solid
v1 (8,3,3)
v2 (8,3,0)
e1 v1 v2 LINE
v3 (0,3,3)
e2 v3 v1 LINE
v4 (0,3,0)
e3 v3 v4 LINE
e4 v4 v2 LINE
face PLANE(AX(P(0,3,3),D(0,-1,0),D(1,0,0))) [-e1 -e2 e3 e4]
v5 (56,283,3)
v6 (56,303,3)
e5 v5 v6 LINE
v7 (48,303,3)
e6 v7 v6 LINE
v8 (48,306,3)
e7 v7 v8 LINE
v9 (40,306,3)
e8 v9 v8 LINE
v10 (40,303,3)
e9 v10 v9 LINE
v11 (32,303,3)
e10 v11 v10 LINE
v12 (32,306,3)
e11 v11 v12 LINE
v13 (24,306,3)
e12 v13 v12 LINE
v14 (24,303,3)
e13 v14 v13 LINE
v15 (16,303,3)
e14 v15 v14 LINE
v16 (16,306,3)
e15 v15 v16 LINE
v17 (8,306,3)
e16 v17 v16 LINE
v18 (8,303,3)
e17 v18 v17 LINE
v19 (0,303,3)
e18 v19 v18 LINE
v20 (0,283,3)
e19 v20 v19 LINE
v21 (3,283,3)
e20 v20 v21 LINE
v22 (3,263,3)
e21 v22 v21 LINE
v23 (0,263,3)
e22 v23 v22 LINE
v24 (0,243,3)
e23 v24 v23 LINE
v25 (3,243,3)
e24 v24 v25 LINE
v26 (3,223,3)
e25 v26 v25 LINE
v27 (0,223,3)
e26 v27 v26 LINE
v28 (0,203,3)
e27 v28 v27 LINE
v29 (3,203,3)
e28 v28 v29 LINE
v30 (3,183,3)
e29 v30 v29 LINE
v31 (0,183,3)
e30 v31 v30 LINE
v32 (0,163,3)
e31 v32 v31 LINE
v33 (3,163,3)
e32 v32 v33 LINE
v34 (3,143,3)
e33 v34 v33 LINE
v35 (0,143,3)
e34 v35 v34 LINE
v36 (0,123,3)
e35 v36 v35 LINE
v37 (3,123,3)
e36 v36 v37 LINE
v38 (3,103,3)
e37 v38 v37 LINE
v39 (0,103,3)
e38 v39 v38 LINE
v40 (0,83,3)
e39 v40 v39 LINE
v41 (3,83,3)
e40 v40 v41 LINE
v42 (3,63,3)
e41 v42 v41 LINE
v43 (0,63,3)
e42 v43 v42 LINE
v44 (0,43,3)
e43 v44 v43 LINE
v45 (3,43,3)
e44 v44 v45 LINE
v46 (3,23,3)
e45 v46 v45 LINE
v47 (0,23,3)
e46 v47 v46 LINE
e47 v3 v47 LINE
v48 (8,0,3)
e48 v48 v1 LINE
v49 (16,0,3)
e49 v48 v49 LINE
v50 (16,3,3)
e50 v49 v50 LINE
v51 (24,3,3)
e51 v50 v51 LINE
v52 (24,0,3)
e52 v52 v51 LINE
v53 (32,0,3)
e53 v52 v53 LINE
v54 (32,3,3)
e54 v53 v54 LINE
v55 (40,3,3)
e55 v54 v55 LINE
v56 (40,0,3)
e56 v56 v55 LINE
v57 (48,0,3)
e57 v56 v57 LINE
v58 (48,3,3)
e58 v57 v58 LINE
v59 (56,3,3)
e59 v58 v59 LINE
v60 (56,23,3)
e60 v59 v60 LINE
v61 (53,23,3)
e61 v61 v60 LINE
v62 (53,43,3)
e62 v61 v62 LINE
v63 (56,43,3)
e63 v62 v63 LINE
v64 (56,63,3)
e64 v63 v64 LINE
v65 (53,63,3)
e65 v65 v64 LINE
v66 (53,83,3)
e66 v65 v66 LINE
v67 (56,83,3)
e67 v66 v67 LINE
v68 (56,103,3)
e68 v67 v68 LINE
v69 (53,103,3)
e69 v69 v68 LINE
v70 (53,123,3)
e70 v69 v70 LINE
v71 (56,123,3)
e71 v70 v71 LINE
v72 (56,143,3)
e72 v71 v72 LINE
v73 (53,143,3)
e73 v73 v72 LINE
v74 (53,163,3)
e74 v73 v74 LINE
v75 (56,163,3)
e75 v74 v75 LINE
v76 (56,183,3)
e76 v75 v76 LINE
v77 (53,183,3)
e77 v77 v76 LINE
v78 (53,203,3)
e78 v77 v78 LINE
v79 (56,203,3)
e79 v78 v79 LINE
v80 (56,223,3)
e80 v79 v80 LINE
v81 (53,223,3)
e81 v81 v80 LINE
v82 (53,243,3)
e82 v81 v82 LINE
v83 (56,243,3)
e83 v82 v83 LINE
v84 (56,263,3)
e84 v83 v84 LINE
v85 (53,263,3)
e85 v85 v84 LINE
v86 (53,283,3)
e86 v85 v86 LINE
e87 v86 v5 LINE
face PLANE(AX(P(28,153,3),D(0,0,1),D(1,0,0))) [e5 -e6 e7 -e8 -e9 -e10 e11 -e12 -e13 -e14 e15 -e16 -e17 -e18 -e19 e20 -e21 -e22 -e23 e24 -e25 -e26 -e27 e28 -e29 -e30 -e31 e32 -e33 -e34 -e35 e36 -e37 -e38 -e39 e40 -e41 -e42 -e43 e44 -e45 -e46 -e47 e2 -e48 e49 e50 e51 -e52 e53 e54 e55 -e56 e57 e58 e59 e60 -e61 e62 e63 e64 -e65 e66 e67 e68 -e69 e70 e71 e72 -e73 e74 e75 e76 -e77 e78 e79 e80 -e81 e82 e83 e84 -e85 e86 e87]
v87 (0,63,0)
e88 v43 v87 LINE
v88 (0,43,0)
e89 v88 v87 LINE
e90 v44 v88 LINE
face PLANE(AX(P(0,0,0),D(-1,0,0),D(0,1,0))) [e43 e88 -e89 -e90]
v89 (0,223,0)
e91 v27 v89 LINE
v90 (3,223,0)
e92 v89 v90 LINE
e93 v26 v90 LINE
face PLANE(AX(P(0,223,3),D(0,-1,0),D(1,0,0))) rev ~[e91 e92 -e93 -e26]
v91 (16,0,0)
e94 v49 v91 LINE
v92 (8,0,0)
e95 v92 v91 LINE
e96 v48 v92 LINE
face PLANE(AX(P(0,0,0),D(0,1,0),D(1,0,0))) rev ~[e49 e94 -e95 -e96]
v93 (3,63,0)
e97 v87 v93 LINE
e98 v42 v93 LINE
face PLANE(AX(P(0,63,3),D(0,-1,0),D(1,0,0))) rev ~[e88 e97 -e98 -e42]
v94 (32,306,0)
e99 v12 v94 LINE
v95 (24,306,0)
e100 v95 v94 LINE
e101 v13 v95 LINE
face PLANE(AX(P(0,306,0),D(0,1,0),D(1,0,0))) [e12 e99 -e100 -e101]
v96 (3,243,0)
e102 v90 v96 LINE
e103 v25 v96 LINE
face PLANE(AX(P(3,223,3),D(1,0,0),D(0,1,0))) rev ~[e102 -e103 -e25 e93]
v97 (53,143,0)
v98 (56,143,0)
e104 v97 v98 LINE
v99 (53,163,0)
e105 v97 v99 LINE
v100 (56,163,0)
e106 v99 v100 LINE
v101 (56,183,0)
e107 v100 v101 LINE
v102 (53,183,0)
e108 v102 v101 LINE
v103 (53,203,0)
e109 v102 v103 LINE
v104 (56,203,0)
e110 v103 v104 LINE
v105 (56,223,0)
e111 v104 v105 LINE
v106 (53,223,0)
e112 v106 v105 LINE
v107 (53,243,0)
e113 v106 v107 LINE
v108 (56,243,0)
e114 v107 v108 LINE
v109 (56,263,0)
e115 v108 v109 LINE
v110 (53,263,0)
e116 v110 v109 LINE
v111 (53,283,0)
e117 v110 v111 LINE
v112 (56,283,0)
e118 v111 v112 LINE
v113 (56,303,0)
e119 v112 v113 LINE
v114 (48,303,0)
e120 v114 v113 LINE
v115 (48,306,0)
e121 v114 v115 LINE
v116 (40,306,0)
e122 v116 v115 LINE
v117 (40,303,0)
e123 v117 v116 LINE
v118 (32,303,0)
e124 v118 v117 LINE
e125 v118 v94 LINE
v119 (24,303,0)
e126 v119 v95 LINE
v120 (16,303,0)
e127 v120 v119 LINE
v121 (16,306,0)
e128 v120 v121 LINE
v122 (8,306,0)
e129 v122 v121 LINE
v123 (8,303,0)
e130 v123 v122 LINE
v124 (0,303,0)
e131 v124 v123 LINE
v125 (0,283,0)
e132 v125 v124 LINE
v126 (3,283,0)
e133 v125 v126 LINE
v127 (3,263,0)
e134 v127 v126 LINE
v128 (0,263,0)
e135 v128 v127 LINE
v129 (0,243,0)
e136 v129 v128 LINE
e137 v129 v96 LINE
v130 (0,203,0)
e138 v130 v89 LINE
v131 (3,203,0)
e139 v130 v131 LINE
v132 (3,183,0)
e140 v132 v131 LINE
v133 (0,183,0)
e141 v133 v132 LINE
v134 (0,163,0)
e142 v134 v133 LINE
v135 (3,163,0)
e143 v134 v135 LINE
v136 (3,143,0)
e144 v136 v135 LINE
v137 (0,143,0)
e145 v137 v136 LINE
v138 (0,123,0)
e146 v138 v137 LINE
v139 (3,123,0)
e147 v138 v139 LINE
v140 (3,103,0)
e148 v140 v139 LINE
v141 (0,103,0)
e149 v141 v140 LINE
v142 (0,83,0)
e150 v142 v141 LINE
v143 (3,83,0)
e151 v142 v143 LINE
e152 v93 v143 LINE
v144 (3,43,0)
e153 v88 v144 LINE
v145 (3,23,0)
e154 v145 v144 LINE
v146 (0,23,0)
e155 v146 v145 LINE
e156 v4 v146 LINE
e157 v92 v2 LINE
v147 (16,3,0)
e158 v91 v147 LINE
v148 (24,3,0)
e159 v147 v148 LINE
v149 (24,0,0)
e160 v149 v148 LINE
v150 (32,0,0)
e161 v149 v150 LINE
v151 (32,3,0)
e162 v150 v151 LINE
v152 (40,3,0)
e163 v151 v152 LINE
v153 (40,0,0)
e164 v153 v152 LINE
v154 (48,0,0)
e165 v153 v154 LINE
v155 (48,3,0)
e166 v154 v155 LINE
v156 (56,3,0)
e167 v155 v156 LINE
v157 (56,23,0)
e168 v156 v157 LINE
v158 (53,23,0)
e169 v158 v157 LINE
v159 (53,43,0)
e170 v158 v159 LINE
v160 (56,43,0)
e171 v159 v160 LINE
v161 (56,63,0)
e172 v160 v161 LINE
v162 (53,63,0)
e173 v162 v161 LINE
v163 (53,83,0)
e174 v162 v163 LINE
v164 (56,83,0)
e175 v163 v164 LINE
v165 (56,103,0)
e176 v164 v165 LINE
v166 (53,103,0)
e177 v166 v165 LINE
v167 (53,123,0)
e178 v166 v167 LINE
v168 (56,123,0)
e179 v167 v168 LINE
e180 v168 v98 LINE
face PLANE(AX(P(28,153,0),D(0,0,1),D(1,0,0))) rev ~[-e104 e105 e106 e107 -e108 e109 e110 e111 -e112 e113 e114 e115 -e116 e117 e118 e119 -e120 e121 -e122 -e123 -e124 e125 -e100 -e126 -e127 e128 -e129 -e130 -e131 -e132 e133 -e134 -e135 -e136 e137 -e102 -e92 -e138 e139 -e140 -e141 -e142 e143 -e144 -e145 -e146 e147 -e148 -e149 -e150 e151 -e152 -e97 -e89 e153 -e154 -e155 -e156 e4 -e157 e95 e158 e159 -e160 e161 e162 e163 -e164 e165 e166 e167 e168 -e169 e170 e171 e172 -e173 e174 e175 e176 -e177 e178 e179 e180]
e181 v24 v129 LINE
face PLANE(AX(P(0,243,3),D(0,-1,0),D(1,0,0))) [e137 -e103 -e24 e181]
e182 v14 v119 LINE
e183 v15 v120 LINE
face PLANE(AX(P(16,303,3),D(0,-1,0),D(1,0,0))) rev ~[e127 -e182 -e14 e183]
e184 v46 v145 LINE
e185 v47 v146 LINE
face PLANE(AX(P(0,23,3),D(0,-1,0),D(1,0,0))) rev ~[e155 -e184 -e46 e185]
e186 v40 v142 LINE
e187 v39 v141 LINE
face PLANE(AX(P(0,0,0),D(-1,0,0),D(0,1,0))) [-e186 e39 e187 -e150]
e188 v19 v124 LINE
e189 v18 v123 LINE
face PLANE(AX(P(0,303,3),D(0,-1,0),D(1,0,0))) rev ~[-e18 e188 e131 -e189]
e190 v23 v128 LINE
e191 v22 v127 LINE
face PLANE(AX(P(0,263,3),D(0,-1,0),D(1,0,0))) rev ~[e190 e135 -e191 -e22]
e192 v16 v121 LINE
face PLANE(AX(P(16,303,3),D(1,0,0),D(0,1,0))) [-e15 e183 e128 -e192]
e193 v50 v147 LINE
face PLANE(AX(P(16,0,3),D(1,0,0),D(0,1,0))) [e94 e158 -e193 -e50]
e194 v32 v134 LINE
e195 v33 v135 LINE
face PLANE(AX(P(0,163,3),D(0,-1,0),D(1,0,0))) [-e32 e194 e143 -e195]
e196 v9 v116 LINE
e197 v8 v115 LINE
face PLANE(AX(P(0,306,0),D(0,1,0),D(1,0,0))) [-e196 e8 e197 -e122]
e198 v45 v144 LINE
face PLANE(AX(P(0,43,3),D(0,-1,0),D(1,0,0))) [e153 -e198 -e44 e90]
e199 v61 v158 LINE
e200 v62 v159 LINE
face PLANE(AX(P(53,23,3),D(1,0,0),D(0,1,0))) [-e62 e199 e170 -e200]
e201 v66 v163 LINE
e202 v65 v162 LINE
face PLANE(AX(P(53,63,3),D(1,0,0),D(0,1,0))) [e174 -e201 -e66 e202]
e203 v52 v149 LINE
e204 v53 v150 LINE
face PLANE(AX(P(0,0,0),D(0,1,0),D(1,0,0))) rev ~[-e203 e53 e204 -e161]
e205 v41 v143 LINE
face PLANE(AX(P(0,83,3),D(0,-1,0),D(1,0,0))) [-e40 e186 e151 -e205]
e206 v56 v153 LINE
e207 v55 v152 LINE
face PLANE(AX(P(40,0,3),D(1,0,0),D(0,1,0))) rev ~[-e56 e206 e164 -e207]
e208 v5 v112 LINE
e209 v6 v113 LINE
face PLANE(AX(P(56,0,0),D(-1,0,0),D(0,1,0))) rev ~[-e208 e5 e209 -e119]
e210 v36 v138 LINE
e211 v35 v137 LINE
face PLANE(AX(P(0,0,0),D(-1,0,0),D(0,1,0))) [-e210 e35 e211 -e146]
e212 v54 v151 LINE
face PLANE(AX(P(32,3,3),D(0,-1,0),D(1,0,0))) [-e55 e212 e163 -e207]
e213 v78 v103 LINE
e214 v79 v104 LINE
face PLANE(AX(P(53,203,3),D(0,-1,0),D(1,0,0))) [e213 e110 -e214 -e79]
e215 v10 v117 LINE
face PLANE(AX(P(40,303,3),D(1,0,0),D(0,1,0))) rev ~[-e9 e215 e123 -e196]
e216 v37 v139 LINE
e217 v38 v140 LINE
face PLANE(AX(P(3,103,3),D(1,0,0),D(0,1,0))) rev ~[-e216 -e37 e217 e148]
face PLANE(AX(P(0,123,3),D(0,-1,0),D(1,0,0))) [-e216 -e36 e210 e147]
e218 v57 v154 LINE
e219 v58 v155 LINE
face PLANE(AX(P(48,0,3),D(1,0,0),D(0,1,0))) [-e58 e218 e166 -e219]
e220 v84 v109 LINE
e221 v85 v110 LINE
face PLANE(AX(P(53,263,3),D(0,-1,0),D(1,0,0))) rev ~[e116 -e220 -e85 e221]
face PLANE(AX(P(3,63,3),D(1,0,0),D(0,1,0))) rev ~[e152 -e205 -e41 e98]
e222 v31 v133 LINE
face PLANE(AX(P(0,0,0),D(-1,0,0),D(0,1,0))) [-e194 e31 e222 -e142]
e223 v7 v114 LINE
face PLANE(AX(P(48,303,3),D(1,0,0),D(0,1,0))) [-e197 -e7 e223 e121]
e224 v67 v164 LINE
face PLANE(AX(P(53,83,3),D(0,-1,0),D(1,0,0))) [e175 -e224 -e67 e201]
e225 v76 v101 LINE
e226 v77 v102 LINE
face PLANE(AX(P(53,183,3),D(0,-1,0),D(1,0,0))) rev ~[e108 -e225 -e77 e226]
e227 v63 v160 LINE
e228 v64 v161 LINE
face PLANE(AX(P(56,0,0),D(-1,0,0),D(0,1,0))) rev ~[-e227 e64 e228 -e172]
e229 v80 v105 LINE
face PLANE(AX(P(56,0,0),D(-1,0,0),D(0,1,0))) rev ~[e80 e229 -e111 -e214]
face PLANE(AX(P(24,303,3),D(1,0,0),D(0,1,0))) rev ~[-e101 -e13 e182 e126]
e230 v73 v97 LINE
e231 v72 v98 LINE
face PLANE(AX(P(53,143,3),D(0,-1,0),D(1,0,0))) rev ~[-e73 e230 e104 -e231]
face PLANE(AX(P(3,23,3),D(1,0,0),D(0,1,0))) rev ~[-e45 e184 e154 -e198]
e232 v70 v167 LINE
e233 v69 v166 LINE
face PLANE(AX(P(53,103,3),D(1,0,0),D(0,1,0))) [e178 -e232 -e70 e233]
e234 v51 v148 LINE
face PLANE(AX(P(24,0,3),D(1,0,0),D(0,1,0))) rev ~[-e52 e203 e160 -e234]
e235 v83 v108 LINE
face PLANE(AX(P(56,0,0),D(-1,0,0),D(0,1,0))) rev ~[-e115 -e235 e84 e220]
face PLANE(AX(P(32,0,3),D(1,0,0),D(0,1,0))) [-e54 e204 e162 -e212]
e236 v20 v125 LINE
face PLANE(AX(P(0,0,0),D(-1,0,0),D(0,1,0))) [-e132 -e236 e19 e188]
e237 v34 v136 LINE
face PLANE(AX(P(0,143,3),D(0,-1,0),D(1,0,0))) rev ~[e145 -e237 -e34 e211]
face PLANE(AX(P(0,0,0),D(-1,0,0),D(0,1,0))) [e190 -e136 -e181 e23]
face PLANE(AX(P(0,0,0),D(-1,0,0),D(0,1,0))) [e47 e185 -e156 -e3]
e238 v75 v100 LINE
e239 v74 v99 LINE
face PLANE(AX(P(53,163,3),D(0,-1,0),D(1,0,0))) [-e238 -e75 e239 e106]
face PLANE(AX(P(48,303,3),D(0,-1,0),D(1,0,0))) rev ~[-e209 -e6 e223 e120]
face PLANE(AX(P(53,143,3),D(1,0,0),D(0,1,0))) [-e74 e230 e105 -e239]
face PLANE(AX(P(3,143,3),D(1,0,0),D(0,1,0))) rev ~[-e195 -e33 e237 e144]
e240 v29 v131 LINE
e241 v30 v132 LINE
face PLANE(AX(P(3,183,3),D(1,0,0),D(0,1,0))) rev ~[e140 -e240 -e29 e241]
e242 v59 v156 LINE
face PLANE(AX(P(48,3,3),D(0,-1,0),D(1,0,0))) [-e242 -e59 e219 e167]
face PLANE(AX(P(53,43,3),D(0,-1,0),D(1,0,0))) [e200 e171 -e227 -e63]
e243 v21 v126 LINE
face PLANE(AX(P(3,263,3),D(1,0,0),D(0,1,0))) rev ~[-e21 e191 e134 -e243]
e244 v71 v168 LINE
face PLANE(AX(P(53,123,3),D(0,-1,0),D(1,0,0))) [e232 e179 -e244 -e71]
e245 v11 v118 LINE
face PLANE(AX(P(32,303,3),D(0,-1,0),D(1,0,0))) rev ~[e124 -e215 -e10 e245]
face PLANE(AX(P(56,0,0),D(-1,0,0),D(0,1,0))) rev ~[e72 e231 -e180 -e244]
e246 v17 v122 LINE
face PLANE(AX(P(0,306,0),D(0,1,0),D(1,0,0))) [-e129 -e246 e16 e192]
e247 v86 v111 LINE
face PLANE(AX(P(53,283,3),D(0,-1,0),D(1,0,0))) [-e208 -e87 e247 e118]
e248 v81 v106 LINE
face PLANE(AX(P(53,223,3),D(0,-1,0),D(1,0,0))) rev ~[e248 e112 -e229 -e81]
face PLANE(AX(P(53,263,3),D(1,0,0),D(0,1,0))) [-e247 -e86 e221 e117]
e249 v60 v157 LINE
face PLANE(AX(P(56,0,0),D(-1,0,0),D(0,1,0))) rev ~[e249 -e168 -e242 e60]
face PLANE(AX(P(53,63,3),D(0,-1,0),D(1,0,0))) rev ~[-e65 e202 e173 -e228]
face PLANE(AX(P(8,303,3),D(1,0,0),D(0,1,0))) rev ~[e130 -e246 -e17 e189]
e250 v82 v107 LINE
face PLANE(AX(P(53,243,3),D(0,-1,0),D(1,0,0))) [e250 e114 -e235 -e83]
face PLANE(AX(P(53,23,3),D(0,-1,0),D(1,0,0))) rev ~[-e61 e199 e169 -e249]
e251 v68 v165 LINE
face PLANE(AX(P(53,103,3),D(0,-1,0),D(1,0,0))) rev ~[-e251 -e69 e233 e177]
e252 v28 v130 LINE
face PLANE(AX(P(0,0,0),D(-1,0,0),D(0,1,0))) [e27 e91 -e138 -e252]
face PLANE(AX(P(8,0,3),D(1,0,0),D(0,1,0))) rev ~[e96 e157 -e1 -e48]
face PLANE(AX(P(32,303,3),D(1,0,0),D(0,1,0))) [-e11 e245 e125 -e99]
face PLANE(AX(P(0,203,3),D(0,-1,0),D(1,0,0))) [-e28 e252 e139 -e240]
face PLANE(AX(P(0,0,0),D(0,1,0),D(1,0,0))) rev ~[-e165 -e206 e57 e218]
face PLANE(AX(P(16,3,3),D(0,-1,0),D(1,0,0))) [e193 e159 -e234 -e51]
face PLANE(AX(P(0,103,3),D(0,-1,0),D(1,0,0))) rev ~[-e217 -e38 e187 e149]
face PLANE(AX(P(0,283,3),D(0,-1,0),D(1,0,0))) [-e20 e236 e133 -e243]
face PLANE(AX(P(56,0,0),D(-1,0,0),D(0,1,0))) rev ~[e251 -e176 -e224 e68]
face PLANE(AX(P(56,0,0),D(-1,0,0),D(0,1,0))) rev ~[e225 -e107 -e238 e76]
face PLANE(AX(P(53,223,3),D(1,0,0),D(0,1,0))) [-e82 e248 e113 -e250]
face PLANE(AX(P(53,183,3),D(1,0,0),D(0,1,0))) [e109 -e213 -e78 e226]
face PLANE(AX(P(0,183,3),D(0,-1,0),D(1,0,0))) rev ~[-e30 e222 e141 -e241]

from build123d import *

# Parameters (mm, degrees)
SKETCH_W      = 56
SKETCH_H      = 306
PAD_DEPTH     = 3
SKETCH001_W   = 8
SKETCH001_H   = 3
SKETCH001_W_2 = 3
SKETCH001_H_2 = 20
POCKET_DEPTH  = 3.001


with BuildPart() as part:
    # Sketch → Pad (new body)
    with BuildSketch(Plane.XY):
        with Locations((28, 153)):
            Rectangle(SKETCH_W, SKETCH_H)
    extrude(amount=PAD_DEPTH)

    # Sketch001 (on Face6 of Pad) → Pocket (cut, through all)
    with BuildSketch(Plane.XY.offset(3)):
        with Locations((4, 1.5)):
            Rectangle(SKETCH001_W, SKETCH001_H)
        with Locations((20, 1.5)):
            Rectangle(SKETCH001_W, SKETCH001_H)
        with Locations((36, 1.5)):
            Rectangle(SKETCH001_W, SKETCH001_H)
        with Locations((52, 1.5)):
            Rectangle(SKETCH001_W, SKETCH001_H)
        with Locations((4, 304.5)):
            Rectangle(SKETCH001_W, SKETCH001_H)
        with Locations((20, 304.5)):
            Rectangle(SKETCH001_W, SKETCH001_H)
        with Locations((36, 304.5)):
            Rectangle(SKETCH001_W, SKETCH001_H)
        with Locations((52, 304.5)):
            Rectangle(SKETCH001_W, SKETCH001_H)
        with Locations((1.5, 33)):
            Rectangle(SKETCH001_W_2, SKETCH001_H_2)
        with Locations((1.5, 73)):
            Rectangle(SKETCH001_W_2, SKETCH001_H_2)
        with Locations((1.5, 113)):
            Rectangle(SKETCH001_W_2, SKETCH001_H_2)
        with Locations((1.5, 153)):
            Rectangle(SKETCH001_W_2, SKETCH001_H_2)
        with Locations((1.5, 193)):
            Rectangle(SKETCH001_W_2, SKETCH001_H_2)
        with Locations((1.5, 233)):
            Rectangle(SKETCH001_W_2, SKETCH001_H_2)
        with Locations((1.5, 273)):
            Rectangle(SKETCH001_W_2, SKETCH001_H_2)
        with Locations((54.5, 33)):
            Rectangle(SKETCH001_W_2, SKETCH001_H_2)
        with Locations((54.5, 73)):
            Rectangle(SKETCH001_W_2, SKETCH001_H_2)
        with Locations((54.5, 113)):
            Rectangle(SKETCH001_W_2, SKETCH001_H_2)
        with Locations((54.5, 153)):
            Rectangle(SKETCH001_W_2, SKETCH001_H_2)
        with Locations((54.5, 193)):
            Rectangle(SKETCH001_W_2, SKETCH001_H_2)
        with Locations((54.5, 233)):
            Rectangle(SKETCH001_W_2, SKETCH001_H_2)
        with Locations((54.5, 273)):
            Rectangle(SKETCH001_W_2, SKETCH001_H_2)
    extrude(amount=-POCKET_DEPTH, mode=Mode.SUBTRACT)


solid = part.part
